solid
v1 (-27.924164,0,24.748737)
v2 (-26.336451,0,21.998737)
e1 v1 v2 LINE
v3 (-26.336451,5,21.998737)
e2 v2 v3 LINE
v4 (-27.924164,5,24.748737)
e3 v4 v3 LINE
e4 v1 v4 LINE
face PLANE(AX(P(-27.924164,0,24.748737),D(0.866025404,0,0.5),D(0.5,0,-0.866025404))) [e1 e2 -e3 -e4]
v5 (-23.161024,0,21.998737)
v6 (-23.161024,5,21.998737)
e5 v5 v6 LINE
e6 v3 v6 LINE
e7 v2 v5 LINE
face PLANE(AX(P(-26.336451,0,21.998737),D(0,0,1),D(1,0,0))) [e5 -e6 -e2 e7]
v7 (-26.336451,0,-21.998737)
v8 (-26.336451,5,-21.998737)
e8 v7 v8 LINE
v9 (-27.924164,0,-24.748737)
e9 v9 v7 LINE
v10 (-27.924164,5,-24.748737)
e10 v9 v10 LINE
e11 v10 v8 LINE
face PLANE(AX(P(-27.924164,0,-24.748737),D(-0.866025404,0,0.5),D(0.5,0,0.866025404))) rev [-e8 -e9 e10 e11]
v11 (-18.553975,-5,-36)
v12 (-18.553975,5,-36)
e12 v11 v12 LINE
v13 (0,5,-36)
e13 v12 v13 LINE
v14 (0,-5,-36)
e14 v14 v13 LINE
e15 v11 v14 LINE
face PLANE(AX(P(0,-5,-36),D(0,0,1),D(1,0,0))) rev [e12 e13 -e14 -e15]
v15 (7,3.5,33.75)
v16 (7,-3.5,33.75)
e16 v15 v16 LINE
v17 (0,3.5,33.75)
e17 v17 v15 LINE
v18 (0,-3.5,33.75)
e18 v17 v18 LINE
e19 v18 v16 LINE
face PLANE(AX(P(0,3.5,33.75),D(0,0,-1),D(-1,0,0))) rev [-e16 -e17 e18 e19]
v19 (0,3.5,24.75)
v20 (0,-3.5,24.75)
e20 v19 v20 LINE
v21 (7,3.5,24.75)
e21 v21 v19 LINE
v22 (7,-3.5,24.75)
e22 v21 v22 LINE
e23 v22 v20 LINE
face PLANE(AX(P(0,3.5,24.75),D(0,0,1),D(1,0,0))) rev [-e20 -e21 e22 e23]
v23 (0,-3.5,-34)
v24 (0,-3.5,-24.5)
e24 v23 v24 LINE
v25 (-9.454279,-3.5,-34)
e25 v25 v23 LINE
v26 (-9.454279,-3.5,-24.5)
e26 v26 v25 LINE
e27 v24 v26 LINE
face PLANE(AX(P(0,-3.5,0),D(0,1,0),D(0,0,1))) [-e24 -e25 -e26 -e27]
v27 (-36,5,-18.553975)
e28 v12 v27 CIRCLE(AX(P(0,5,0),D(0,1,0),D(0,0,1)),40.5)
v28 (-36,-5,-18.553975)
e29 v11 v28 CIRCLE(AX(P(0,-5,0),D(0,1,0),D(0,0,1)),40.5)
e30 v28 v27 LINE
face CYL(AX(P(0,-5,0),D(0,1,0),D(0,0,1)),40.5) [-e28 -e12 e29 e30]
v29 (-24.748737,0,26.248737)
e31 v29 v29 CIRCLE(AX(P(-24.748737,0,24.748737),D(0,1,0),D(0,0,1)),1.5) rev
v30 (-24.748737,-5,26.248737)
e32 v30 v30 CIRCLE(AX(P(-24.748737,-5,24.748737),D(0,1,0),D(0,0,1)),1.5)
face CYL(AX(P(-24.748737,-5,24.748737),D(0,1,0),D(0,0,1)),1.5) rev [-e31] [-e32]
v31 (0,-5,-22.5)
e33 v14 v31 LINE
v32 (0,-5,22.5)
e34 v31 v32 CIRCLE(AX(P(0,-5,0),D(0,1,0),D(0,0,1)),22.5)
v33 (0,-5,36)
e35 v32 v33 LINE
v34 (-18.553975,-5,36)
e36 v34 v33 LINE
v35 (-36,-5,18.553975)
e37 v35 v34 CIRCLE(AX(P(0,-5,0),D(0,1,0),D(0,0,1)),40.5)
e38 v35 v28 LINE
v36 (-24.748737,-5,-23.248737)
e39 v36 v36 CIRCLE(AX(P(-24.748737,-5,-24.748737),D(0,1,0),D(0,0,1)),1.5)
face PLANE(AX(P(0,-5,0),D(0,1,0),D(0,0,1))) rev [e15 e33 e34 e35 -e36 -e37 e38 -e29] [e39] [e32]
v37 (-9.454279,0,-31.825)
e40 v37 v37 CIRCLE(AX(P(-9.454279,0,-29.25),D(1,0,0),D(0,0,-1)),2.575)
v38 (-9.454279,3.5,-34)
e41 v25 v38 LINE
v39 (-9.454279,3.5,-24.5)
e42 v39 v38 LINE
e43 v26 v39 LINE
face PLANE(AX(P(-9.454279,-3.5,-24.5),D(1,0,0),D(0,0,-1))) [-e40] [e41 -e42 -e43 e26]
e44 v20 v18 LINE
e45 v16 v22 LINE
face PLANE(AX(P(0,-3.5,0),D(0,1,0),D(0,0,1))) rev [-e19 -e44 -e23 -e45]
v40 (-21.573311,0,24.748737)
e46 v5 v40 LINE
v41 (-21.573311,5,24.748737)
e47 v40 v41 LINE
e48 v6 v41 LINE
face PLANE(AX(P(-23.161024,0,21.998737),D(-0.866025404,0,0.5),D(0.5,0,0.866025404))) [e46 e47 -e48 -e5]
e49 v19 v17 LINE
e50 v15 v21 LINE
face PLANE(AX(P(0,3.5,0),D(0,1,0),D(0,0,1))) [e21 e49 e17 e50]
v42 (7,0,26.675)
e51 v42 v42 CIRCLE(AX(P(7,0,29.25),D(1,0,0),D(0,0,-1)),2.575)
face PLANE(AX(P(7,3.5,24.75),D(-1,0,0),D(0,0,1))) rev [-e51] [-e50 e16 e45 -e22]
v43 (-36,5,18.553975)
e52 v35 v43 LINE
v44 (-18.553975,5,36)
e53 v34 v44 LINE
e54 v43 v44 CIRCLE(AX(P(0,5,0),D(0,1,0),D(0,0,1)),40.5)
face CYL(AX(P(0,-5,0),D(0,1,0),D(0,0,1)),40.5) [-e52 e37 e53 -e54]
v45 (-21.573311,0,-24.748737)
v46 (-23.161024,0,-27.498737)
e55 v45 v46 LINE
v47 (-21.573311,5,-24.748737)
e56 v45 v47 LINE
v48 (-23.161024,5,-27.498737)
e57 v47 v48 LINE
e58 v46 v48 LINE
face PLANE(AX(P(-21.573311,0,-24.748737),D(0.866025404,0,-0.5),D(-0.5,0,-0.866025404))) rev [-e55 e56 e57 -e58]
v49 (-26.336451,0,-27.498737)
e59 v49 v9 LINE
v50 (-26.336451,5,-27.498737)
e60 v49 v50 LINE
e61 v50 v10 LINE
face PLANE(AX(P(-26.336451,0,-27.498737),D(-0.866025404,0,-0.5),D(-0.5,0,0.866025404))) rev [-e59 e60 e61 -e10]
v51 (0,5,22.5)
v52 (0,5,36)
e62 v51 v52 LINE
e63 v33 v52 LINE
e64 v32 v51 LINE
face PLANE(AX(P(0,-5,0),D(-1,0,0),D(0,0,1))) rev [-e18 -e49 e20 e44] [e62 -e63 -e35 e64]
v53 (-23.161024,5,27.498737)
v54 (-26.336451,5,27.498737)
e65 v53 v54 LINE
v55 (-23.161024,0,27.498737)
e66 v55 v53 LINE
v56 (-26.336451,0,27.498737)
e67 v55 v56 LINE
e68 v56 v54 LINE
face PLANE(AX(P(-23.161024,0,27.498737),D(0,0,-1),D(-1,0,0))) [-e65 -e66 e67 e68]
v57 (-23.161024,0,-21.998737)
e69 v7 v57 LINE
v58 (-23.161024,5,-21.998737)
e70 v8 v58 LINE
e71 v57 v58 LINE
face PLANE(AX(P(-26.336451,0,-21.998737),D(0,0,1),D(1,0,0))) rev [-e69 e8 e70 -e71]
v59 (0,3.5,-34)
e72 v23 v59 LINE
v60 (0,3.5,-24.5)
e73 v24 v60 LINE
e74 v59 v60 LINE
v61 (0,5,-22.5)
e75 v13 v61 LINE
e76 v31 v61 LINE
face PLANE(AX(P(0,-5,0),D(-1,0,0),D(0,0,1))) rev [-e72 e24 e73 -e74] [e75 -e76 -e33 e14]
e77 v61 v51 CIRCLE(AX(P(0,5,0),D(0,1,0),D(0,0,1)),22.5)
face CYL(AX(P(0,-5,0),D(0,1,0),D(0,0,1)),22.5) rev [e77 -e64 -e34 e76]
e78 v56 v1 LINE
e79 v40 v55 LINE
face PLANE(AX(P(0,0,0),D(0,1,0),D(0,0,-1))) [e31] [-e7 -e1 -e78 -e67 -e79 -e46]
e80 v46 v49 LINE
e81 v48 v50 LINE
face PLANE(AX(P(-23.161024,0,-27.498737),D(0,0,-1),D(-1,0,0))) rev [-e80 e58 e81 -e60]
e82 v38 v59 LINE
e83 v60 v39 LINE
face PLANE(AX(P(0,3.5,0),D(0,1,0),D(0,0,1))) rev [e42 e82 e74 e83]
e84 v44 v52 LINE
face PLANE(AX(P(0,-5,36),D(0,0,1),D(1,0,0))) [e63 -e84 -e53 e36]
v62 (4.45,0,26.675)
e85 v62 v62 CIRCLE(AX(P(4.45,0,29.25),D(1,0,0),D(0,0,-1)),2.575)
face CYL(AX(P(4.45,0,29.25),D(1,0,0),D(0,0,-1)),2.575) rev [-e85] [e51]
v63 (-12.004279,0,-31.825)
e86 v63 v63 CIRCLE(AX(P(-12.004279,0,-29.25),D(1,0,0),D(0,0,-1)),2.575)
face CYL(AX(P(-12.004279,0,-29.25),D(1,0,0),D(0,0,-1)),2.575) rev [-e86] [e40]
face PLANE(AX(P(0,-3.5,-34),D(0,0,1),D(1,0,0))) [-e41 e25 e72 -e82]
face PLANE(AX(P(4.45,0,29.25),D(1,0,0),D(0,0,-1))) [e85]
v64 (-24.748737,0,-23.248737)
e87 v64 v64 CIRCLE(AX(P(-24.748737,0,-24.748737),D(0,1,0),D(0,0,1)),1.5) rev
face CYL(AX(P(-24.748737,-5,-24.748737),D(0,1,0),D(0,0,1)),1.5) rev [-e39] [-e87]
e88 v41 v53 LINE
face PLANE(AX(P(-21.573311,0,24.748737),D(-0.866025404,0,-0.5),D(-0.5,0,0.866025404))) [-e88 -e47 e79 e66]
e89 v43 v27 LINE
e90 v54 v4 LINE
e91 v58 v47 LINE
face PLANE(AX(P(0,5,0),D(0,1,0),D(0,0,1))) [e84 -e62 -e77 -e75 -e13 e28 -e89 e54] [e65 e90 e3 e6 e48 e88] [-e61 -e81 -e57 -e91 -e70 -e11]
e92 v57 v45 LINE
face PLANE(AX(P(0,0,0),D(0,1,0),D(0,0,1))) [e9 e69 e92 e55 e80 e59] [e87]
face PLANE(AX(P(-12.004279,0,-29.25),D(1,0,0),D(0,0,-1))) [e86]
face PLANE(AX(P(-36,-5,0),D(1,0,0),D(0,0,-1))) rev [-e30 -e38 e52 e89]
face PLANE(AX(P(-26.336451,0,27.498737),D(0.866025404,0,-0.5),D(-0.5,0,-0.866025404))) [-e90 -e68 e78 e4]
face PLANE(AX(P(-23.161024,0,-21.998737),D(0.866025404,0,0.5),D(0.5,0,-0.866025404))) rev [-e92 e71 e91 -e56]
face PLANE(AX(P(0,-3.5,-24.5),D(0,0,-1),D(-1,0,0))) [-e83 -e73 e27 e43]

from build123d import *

# Parameters (mm, degrees)
BOSS_EXTRUDE1_DEPTH      = 5
BOSS_EXTRUDE1_DEPTH_BACK = 5
SKETCH1_R                = 1.5
CUT_EXTRUDE1_DEPTH       = 5
BOSS_EXTRUDE2_DEPTH      = 3.5
BOSS_EXTRUDE2_DEPTH_BACK = 3.5
SKETCH3_W                = 7
SKETCH3_H                = 9
CUT_EXTRUDE2_DEPTH       = 3.5
CUT_EXTRUDE2_DEPTH_BACK  = 3.5
SKETCH4_W                = 9.454278837
SKETCH4_H                = 9.5
SKETCH5_R                = 2.575
CUT_EXTRUDE3_DEPTH       = 2.55
SKETCH6_R                = 2.575
CUT_EXTRUDE4_DEPTH       = 2.55


with BuildPart() as part:
    # Sketch1 → Boss-Extrude1 (new, two sides: drawn at the far end of the back side and taken through both)
    with BuildSketch(Plane(origin=(0, 0, 0), x_dir=(1, 0, 0), z_dir=(0, 1, 0)).offset(-BOSS_EXTRUDE1_DEPTH_BACK)):
        with BuildLine():
            Line((0, 22.5), (0, 36))
            Line((0, 36), (-18.553975315, 36))
            ThreePointArc((-18.553975315, 36), (-28.637824638, 28.637824638), (-36, 18.553975315))
            Line((-36, 18.553975315), (-36, -18.553975315))
            ThreePointArc((-36, -18.553975315), (-28.637824638, -28.637824638), (-18.553975315, -36))
            Line((-18.553975315, -36), (0, -36))
            Line((0, -36), (0, -22.5))
            ThreePointArc((0, -22.5), (-22.5, 0), (0, 22.5))
        make_face()
        with Locations((-24.748737342, -24.748737342)):
            Circle(SKETCH1_R, mode=Mode.SUBTRACT)
        with Locations((-24.748737342, 24.748737342)):
            Circle(SKETCH1_R, mode=Mode.SUBTRACT)
    extrude(amount=BOSS_EXTRUDE1_DEPTH + BOSS_EXTRUDE1_DEPTH_BACK)

    # Sketch2 → Cut-Extrude1 (cut)
    with BuildSketch(Plane(origin=(0, 5, 0), x_dir=(1, 0, 0), z_dir=(0, 1, 0))):
        Polygon((-23.161024101, 27.498737342), (-26.336450582, 27.498737342), (-27.924163822, 24.748737342), (-26.336450582, 21.998737342), (-23.161024101, 21.998737342), (-21.573310861, 24.748737342), align=None)
    cut_extrude1 = extrude(amount=-CUT_EXTRUDE1_DEPTH, mode=Mode.SUBTRACT)

    # Mirror1: Cut-Extrude1 across plane
    add(cut_extrude1.mirror(Plane.XY), mode=Mode.SUBTRACT)

    # Sketch3 → Boss-Extrude2 (add, two sides: drawn at the far end of the back side and taken through both)
    with BuildSketch(Plane(origin=(0, 0, 0), x_dir=(1, 0, 0), z_dir=(0, 1, 0)).offset(-BOSS_EXTRUDE2_DEPTH_BACK)):
        with Locations((3.5, -29.25)):
            Rectangle(SKETCH3_W, SKETCH3_H)
    extrude(amount=BOSS_EXTRUDE2_DEPTH + BOSS_EXTRUDE2_DEPTH_BACK)

    # Sketch4 → Cut-Extrude2 (cut, two sides: drawn at the far end of the back side and taken through both)
    with BuildSketch(Plane.XZ.offset(-CUT_EXTRUDE2_DEPTH_BACK)):
        with Locations((-4.727139419, -29.25)):
            Rectangle(SKETCH4_W, SKETCH4_H)
    extrude(amount=CUT_EXTRUDE2_DEPTH + CUT_EXTRUDE2_DEPTH_BACK, mode=Mode.SUBTRACT)

    # Sketch5 → Cut-Extrude3 (cut)
    with BuildSketch(Plane(origin=(7, 0, 0), x_dir=(0, 0, -1), z_dir=(1, 0, 0))):
        with Locations((-29.25, 0)):
            Circle(SKETCH5_R)
    extrude(amount=-CUT_EXTRUDE3_DEPTH, mode=Mode.SUBTRACT)

    # Sketch6 → Cut-Extrude4 (cut)
    with BuildSketch(Plane(origin=(-9.454278837, 0, 0), x_dir=(0, 0, -1), z_dir=(1, 0, 0))):
        with Locations((29.25, 0)):
            Circle(SKETCH6_R)
    extrude(amount=-CUT_EXTRUDE4_DEPTH, mode=Mode.SUBTRACT)


solid = part.part
